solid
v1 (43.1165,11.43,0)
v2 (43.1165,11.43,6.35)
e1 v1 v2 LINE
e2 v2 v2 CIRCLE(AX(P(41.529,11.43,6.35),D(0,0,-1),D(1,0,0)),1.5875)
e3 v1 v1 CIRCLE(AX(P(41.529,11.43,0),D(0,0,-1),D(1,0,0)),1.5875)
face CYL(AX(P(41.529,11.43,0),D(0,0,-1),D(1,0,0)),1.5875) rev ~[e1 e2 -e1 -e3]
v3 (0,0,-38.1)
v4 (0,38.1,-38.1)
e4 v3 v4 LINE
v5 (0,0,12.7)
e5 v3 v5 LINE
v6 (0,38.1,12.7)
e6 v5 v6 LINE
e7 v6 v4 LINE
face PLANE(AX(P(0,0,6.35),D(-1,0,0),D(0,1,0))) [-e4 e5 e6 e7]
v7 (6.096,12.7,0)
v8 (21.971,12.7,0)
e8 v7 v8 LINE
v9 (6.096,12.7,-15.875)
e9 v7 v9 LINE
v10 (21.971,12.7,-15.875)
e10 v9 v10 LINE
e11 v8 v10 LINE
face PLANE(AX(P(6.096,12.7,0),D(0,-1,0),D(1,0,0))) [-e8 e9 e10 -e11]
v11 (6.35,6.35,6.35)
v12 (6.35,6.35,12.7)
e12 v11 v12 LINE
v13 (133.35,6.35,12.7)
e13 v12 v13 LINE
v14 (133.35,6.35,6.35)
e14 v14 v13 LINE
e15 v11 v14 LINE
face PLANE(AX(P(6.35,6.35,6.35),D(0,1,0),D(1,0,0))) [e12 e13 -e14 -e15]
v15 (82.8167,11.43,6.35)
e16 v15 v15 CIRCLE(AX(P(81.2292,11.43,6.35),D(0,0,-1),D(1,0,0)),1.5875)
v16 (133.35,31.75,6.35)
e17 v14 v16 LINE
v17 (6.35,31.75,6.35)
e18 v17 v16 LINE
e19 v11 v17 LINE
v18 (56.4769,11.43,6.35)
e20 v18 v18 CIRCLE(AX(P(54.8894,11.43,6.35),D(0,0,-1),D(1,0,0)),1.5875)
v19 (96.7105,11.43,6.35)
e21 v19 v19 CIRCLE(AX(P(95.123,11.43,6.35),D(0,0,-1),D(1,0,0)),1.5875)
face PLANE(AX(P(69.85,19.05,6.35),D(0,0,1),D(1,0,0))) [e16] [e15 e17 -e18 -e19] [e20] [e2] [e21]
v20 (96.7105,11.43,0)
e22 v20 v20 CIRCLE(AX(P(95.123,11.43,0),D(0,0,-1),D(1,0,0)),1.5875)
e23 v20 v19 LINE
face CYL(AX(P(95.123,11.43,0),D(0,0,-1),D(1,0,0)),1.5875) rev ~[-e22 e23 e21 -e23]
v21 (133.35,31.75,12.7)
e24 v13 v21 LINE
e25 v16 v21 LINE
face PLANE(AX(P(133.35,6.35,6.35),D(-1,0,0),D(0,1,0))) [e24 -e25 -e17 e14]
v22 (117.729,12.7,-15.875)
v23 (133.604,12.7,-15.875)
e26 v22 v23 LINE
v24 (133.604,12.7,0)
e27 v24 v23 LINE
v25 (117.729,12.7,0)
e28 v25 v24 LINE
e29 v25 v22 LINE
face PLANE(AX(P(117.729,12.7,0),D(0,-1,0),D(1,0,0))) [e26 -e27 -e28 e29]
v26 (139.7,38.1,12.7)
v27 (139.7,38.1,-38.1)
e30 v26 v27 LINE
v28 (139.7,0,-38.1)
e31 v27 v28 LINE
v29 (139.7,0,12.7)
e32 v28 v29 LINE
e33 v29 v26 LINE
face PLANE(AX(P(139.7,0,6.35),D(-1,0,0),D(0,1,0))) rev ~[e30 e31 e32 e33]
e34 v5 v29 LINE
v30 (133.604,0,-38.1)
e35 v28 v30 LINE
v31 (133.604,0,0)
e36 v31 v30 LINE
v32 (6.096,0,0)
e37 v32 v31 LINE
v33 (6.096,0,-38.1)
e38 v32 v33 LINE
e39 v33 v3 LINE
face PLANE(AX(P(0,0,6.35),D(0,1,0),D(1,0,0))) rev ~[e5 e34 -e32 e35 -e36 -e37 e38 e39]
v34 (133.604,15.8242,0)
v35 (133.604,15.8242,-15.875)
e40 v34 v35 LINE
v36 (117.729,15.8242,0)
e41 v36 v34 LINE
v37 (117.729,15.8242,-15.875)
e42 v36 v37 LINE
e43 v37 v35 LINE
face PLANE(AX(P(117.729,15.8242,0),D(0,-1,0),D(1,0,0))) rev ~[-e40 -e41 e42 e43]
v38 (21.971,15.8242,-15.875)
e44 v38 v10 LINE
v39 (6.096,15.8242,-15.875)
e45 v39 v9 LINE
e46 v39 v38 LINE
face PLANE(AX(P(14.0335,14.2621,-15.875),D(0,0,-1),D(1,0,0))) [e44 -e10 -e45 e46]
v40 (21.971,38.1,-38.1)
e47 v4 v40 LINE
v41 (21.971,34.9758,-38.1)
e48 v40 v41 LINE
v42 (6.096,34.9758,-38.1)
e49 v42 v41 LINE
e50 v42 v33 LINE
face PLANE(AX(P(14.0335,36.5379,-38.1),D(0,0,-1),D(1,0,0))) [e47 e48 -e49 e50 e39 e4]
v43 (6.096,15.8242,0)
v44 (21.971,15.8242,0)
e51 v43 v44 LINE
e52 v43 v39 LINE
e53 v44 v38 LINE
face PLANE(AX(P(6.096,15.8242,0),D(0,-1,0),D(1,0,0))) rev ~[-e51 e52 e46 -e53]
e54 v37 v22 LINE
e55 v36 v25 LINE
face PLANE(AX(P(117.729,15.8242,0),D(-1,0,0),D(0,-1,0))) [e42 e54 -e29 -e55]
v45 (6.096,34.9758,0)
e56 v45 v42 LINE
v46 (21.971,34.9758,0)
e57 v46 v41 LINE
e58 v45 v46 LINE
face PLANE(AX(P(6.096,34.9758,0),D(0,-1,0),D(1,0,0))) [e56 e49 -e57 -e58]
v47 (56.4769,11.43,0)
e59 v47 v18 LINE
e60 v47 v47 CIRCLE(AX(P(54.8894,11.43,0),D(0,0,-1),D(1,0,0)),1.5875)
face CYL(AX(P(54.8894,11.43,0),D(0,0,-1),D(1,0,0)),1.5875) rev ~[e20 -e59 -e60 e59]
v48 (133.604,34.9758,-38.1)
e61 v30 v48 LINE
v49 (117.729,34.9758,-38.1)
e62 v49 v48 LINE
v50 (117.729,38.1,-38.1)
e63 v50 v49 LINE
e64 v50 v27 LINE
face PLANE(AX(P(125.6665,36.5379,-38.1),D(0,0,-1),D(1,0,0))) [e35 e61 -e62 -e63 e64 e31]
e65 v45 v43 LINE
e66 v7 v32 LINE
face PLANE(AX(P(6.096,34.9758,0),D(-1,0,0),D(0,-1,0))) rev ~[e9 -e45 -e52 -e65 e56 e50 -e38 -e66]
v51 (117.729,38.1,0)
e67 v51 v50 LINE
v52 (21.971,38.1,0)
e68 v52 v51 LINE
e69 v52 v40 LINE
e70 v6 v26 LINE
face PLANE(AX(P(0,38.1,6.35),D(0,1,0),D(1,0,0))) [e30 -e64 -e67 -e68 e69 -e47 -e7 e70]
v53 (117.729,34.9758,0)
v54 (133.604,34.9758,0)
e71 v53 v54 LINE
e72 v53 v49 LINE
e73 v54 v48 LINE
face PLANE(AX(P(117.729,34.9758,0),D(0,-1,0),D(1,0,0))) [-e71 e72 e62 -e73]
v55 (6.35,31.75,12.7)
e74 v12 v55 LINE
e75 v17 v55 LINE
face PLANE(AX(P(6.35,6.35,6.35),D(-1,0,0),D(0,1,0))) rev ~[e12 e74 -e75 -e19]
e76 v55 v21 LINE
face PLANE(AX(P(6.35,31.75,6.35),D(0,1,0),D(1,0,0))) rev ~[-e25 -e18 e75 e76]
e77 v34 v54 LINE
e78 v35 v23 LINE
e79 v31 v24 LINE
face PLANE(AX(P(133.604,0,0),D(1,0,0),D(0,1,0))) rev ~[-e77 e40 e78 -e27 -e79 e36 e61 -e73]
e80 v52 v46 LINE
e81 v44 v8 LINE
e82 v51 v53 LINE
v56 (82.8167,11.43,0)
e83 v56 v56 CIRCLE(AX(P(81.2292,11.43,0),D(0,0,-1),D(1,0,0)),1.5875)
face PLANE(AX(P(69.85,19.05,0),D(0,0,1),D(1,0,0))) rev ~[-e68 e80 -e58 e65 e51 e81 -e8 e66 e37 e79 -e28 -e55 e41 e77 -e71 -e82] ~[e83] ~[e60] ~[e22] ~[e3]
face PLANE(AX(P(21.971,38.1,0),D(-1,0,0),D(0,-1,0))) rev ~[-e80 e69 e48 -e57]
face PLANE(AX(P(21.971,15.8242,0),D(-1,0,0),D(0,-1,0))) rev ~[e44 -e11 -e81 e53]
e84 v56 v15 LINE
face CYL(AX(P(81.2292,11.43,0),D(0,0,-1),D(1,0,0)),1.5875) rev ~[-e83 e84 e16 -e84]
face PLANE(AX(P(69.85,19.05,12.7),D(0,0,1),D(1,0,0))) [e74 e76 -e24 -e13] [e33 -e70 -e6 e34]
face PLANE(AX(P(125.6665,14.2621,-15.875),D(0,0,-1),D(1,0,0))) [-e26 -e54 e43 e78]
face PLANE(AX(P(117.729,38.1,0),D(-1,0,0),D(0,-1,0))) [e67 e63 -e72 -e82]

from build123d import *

# Parameters (mm, degrees)
F0_W     = 139.7
F0_H     = 38.1
F1_DEPTH = 6.35
F2_W     = 15.875
F2_H     = 3.1242
F3_DEPTH = 38.1
F4_DEPTH = 15.875
F5_DEPTH = 15.875
F6_W     = 139.7
F6_H     = 38.1
F6_W_2   = 127
F6_H_2   = 25.4
F7_DEPTH = 6.35
F8_R     = 1.5875
F9_DEPTH = 25.4


with BuildPart() as f1:
    # F0 (on Top) → F1 (new body)
    with BuildSketch(Plane.XY):
        with Locations((69.85, 19.05)):
            Rectangle(F0_W, F0_H)
    extrude(amount=F1_DEPTH)

    # F2 (on face) → F3 (join)
    with BuildSketch(Plane(origin=(0, 0, 0), x_dir=(1, 0, 0), z_dir=(0, 0, -1))):
        with Locations((14.0335, -36.5379)):
            Rectangle(F2_W, F2_H)
        Polygon((6.096, 0), (0, 0), (0, -38.1), (6.096, -38.1), (6.096, -34.9758), (6.096, -15.8242), (6.096, -12.7), (6.096, -3.1242), align=None)
        with Locations((125.6665, -36.5379)):
            Rectangle(F2_W, F2_H)
        Polygon((139.7, 0), (133.604, 0), (133.604, -12.7), (133.604, -15.8242), (133.604, -34.9758), (133.604, -38.1), (139.7, -38.1), align=None)
    extrude(amount=F3_DEPTH)

    # F2 (on face) → F4 (join)
    with BuildSketch(Plane(origin=(0, 0, 0), x_dir=(1, 0, 0), z_dir=(0, 0, -1))):
        with Locations((14.0335, -14.2621)):
            Rectangle(F2_W, F2_H)
    extrude(amount=F4_DEPTH)

    # F2 (on face) → F5 (join)
    with BuildSketch(Plane(origin=(0, 0, 0), x_dir=(1, 0, 0), z_dir=(0, 0, -1))):
        with Locations((125.6665, -14.2621)):
            Rectangle(F2_W, F2_H)
    extrude(amount=F5_DEPTH)

    # F6 (on face) → F7 (join)
    with BuildSketch(Plane.XY.offset(6.35)):
        with Locations((69.85, 19.05)):
            Rectangle(F6_W, F6_H)
        with Locations((69.85, 19.05)):
            Rectangle(F6_W_2, F6_H_2, mode=Mode.SUBTRACT)
    extrude(amount=F7_DEPTH)

    # F8 (on face) → F9 (cut)
    with BuildSketch(Plane(origin=(0, 0, 0), x_dir=(1, 0, 0), z_dir=(0, 0, -1))):
        with Locations((41.529, -11.43)):
            Circle(F8_R)
        with Locations((54.8894, -11.43)):
            Circle(F8_R)
        with Locations((81.2292, -11.43)):
            Circle(F8_R)
        with Locations((95.123, -11.43)):
            Circle(F8_R)
    extrude(amount=-F9_DEPTH, mode=Mode.SUBTRACT)


solid = f1.part
